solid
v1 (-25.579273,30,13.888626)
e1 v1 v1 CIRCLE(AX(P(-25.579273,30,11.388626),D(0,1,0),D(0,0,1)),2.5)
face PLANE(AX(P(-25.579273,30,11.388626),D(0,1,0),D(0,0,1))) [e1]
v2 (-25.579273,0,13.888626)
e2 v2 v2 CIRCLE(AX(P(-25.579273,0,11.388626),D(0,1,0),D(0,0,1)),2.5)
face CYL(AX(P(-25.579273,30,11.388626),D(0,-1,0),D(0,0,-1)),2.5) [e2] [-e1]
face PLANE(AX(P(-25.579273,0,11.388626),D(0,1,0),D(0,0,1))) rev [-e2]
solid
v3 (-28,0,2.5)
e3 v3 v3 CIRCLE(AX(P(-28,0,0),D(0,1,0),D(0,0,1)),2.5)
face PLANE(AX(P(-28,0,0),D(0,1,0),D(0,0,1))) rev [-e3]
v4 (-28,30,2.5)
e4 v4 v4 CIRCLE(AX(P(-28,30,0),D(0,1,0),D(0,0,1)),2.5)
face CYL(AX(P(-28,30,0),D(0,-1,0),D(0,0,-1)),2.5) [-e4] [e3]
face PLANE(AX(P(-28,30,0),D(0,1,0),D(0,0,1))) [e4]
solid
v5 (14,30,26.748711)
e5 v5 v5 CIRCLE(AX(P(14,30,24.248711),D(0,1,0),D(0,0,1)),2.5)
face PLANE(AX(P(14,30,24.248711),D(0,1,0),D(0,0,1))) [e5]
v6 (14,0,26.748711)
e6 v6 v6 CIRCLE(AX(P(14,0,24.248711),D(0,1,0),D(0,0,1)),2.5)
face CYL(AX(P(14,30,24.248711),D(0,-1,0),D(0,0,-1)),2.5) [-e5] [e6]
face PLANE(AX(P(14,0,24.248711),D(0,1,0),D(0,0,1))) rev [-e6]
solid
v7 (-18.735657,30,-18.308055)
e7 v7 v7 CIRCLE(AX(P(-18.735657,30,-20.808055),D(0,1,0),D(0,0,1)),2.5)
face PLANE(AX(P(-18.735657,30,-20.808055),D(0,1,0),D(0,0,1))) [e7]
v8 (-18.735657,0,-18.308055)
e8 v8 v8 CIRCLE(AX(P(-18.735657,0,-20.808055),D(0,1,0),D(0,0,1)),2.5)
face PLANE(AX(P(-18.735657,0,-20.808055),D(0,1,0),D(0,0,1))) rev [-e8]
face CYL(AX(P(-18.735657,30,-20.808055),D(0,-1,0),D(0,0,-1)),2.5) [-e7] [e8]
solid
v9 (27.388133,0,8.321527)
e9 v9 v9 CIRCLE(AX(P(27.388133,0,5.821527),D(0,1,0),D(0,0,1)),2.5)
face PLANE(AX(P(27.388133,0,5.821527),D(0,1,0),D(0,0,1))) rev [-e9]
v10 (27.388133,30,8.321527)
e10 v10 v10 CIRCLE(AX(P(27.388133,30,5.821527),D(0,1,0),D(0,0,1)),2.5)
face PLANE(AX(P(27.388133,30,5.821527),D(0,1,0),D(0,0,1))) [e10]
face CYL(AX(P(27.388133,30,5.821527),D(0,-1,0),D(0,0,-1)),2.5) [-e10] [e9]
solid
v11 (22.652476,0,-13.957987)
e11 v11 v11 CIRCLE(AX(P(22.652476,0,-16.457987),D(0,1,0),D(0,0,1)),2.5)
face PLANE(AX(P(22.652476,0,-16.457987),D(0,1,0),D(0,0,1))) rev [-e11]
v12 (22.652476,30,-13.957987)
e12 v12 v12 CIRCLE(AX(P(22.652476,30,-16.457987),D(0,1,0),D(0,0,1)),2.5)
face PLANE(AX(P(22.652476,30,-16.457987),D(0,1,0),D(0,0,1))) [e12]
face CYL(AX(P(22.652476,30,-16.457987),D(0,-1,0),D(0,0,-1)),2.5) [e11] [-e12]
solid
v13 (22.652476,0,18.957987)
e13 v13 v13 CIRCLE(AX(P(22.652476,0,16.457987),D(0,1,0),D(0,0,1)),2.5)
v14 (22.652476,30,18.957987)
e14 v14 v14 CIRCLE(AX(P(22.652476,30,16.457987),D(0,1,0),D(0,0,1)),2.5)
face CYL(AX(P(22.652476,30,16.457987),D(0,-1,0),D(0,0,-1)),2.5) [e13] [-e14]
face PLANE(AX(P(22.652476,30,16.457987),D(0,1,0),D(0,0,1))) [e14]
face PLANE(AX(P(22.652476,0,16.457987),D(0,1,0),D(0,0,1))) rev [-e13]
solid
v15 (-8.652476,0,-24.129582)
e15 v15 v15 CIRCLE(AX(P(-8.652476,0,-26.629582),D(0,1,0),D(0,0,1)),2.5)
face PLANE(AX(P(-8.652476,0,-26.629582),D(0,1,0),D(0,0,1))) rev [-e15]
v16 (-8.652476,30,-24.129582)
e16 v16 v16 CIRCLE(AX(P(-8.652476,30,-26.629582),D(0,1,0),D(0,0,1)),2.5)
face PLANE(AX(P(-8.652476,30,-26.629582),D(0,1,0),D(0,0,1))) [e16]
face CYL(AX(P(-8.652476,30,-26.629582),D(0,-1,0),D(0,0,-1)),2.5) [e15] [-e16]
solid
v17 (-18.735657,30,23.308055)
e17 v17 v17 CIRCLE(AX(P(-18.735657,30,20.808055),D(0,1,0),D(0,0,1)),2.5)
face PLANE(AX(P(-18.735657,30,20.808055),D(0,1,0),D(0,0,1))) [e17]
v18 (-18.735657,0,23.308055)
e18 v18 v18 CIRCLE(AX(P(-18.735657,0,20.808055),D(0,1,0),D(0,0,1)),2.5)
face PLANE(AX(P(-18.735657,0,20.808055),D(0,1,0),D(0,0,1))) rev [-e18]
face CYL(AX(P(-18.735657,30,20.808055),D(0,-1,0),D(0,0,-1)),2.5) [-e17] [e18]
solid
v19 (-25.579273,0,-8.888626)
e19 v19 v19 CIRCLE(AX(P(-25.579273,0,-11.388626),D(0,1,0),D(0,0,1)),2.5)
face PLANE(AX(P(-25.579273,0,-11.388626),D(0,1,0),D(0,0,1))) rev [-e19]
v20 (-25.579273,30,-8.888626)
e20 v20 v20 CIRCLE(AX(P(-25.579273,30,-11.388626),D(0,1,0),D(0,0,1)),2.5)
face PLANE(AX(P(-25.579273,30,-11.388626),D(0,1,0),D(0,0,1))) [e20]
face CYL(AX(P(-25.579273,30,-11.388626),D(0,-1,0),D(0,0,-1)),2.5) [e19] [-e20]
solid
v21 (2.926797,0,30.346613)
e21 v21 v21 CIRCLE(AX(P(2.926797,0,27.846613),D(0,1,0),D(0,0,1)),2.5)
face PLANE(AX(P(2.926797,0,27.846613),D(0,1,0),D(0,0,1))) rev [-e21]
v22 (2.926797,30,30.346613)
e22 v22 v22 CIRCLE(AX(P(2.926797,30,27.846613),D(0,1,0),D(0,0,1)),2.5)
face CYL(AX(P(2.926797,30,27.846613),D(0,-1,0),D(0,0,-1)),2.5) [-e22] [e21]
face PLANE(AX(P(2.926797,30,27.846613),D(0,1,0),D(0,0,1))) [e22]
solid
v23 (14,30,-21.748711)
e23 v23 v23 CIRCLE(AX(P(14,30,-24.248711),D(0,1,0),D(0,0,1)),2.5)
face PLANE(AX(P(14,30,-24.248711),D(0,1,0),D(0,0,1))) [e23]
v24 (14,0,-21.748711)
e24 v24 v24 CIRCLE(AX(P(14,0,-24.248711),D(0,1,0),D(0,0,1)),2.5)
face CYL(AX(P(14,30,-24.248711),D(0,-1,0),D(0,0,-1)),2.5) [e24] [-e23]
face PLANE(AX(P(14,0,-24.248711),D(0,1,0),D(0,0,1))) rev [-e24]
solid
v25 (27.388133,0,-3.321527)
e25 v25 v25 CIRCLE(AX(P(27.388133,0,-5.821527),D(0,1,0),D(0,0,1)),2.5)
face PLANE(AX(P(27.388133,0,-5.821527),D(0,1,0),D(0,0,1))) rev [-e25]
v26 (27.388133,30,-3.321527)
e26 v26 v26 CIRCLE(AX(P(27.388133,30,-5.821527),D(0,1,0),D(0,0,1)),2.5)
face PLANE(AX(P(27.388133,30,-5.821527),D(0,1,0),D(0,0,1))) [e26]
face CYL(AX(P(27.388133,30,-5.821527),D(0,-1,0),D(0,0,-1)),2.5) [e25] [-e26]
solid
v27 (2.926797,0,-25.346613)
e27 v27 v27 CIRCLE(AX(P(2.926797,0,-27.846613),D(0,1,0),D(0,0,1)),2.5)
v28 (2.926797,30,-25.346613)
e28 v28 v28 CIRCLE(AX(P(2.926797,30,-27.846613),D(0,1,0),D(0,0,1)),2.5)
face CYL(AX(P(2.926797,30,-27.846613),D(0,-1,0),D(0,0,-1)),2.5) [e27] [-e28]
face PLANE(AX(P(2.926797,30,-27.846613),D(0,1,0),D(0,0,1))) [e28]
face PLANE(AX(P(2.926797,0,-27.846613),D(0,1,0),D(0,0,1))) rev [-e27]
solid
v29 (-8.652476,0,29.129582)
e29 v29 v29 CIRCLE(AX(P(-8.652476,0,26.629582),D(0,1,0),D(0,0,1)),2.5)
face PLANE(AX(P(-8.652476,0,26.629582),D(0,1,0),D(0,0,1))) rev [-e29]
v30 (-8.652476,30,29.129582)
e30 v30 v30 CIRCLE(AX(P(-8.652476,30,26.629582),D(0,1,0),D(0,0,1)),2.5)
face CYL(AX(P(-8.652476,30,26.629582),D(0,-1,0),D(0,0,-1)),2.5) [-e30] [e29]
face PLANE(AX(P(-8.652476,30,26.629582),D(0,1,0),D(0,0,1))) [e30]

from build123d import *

# Parameters (mm, degrees)
SKETCH1_R              = 2.5
BOSS_EXTRUDE1_DEPTH    = 30
BOSS_EXTRUDE1_2_DEPTH  = 30
BOSS_EXTRUDE1_3_DEPTH  = 30
BOSS_EXTRUDE1_4_DEPTH  = 30
BOSS_EXTRUDE1_5_DEPTH  = 30
BOSS_EXTRUDE1_6_DEPTH  = 30
BOSS_EXTRUDE1_7_DEPTH  = 30
BOSS_EXTRUDE1_8_DEPTH  = 30
BOSS_EXTRUDE1_9_DEPTH  = 30
BOSS_EXTRUDE1_10_DEPTH = 30
BOSS_EXTRUDE1_11_DEPTH = 30
BOSS_EXTRUDE1_12_DEPTH = 30
BOSS_EXTRUDE1_13_DEPTH = 30
BOSS_EXTRUDE1_14_DEPTH = 30
BOSS_EXTRUDE1_15_DEPTH = 30


with BuildPart() as part:
    # Sketch1 → Boss-Extrude1 (new body)
    with BuildSketch(Plane(origin=(0, 0, 0), x_dir=(1, 0, 0), z_dir=(0, 1, 0))):
        with Locations((27.388132821, 5.821527343)):
            Circle(SKETCH1_R)
    extrude(amount=BOSS_EXTRUDE1_DEPTH)


with BuildPart() as body_2:
    # Sketch1 → Boss-Extrude1 2 (new body)
    with BuildSketch(Plane(origin=(0, 0, 0), x_dir=(1, 0, 0), z_dir=(0, 1, 0))):
        with Locations((27.388132821, -5.821527343)):
            Circle(SKETCH1_R)
    extrude(amount=BOSS_EXTRUDE1_2_DEPTH)


with BuildPart() as body_3:
    # Sketch1 → Boss-Extrude1 3 (new body)
    with BuildSketch(Plane(origin=(0, 0, 0), x_dir=(1, 0, 0), z_dir=(0, 1, 0))):
        with Locations((22.652475842, -16.457987064)):
            Circle(SKETCH1_R)
    extrude(amount=BOSS_EXTRUDE1_3_DEPTH)


with BuildPart() as body_4:
    # Sketch1 → Boss-Extrude1 4 (new body)
    with BuildSketch(Plane(origin=(0, 0, 0), x_dir=(1, 0, 0), z_dir=(0, 1, 0))):
        with Locations((14, -24.248711306)):
            Circle(SKETCH1_R)
    extrude(amount=BOSS_EXTRUDE1_4_DEPTH)


with BuildPart() as body_5:
    # Sketch1 → Boss-Extrude1 5 (new body)
    with BuildSketch(Plane(origin=(0, 0, 0), x_dir=(1, 0, 0), z_dir=(0, 1, 0))):
        with Locations((2.926796971, -27.84661307)):
            Circle(SKETCH1_R)
    extrude(amount=BOSS_EXTRUDE1_5_DEPTH)


with BuildPart() as body_6:
    # Sketch1 → Boss-Extrude1 6 (new body)
    with BuildSketch(Plane(origin=(0, 0, 0), x_dir=(1, 0, 0), z_dir=(0, 1, 0))):
        with Locations((-8.652475842, -26.629582456)):
            Circle(SKETCH1_R)
    extrude(amount=BOSS_EXTRUDE1_6_DEPTH)


with BuildPart() as body_7:
    # Sketch1 → Boss-Extrude1 7 (new body)
    with BuildSketch(Plane(origin=(0, 0, 0), x_dir=(1, 0, 0), z_dir=(0, 1, 0))):
        with Locations((-18.735656978, -20.808055113)):
            Circle(SKETCH1_R)
    extrude(amount=BOSS_EXTRUDE1_7_DEPTH)


with BuildPart() as body_8:
    # Sketch1 → Boss-Extrude1 8 (new body)
    with BuildSketch(Plane(origin=(0, 0, 0), x_dir=(1, 0, 0), z_dir=(0, 1, 0))):
        with Locations((-25.579272814, -11.388626006)):
            Circle(SKETCH1_R)
    extrude(amount=BOSS_EXTRUDE1_8_DEPTH)


with BuildPart() as body_9:
    # Sketch1 → Boss-Extrude1 9 (new body)
    with BuildSketch(Plane(origin=(0, 0, 0), x_dir=(1, 0, 0), z_dir=(0, 1, 0))):
        with Locations((-28, 0)):
            Circle(SKETCH1_R)
    extrude(amount=BOSS_EXTRUDE1_9_DEPTH)


with BuildPart() as body_10:
    # Sketch1 → Boss-Extrude1 10 (new body)
    with BuildSketch(Plane(origin=(0, 0, 0), x_dir=(1, 0, 0), z_dir=(0, 1, 0))):
        with Locations((-25.579272814, 11.388626006)):
            Circle(SKETCH1_R)
    extrude(amount=BOSS_EXTRUDE1_10_DEPTH)


with BuildPart() as body_11:
    # Sketch1 → Boss-Extrude1 11 (new body)
    with BuildSketch(Plane(origin=(0, 0, 0), x_dir=(1, 0, 0), z_dir=(0, 1, 0))):
        with Locations((-18.735656978, 20.808055113)):
            Circle(SKETCH1_R)
    extrude(amount=BOSS_EXTRUDE1_11_DEPTH)


with BuildPart() as body_12:
    # Sketch1 → Boss-Extrude1 12 (new body)
    with BuildSketch(Plane(origin=(0, 0, 0), x_dir=(1, 0, 0), z_dir=(0, 1, 0))):
        with Locations((-8.652475842, 26.629582456)):
            Circle(SKETCH1_R)
    extrude(amount=BOSS_EXTRUDE1_12_DEPTH)


with BuildPart() as body_13:
    # Sketch1 → Boss-Extrude1 13 (new body)
    with BuildSketch(Plane(origin=(0, 0, 0), x_dir=(1, 0, 0), z_dir=(0, 1, 0))):
        with Locations((2.926796971, 27.84661307)):
            Circle(SKETCH1_R)
    extrude(amount=BOSS_EXTRUDE1_13_DEPTH)


with BuildPart() as body_14:
    # Sketch1 → Boss-Extrude1 14 (new body)
    with BuildSketch(Plane(origin=(0, 0, 0), x_dir=(1, 0, 0), z_dir=(0, 1, 0))):
        with Locations((14, 24.248711306)):
            Circle(SKETCH1_R)
    extrude(amount=BOSS_EXTRUDE1_14_DEPTH)


with BuildPart() as body_15:
    # Sketch1 → Boss-Extrude1 15 (new body)
    with BuildSketch(Plane(origin=(0, 0, 0), x_dir=(1, 0, 0), z_dir=(0, 1, 0))):
        with Locations((22.652475842, 16.457987064)):
            Circle(SKETCH1_R)
    extrude(amount=BOSS_EXTRUDE1_15_DEPTH)


solid = Compound([part.part, body_2.part, body_3.part, body_4.part, body_5.part, body_6.part, body_7.part, body_8.part, body_9.part, body_10.part, body_11.part, body_12.part, body_13.part, body_14.part, body_15.part])
